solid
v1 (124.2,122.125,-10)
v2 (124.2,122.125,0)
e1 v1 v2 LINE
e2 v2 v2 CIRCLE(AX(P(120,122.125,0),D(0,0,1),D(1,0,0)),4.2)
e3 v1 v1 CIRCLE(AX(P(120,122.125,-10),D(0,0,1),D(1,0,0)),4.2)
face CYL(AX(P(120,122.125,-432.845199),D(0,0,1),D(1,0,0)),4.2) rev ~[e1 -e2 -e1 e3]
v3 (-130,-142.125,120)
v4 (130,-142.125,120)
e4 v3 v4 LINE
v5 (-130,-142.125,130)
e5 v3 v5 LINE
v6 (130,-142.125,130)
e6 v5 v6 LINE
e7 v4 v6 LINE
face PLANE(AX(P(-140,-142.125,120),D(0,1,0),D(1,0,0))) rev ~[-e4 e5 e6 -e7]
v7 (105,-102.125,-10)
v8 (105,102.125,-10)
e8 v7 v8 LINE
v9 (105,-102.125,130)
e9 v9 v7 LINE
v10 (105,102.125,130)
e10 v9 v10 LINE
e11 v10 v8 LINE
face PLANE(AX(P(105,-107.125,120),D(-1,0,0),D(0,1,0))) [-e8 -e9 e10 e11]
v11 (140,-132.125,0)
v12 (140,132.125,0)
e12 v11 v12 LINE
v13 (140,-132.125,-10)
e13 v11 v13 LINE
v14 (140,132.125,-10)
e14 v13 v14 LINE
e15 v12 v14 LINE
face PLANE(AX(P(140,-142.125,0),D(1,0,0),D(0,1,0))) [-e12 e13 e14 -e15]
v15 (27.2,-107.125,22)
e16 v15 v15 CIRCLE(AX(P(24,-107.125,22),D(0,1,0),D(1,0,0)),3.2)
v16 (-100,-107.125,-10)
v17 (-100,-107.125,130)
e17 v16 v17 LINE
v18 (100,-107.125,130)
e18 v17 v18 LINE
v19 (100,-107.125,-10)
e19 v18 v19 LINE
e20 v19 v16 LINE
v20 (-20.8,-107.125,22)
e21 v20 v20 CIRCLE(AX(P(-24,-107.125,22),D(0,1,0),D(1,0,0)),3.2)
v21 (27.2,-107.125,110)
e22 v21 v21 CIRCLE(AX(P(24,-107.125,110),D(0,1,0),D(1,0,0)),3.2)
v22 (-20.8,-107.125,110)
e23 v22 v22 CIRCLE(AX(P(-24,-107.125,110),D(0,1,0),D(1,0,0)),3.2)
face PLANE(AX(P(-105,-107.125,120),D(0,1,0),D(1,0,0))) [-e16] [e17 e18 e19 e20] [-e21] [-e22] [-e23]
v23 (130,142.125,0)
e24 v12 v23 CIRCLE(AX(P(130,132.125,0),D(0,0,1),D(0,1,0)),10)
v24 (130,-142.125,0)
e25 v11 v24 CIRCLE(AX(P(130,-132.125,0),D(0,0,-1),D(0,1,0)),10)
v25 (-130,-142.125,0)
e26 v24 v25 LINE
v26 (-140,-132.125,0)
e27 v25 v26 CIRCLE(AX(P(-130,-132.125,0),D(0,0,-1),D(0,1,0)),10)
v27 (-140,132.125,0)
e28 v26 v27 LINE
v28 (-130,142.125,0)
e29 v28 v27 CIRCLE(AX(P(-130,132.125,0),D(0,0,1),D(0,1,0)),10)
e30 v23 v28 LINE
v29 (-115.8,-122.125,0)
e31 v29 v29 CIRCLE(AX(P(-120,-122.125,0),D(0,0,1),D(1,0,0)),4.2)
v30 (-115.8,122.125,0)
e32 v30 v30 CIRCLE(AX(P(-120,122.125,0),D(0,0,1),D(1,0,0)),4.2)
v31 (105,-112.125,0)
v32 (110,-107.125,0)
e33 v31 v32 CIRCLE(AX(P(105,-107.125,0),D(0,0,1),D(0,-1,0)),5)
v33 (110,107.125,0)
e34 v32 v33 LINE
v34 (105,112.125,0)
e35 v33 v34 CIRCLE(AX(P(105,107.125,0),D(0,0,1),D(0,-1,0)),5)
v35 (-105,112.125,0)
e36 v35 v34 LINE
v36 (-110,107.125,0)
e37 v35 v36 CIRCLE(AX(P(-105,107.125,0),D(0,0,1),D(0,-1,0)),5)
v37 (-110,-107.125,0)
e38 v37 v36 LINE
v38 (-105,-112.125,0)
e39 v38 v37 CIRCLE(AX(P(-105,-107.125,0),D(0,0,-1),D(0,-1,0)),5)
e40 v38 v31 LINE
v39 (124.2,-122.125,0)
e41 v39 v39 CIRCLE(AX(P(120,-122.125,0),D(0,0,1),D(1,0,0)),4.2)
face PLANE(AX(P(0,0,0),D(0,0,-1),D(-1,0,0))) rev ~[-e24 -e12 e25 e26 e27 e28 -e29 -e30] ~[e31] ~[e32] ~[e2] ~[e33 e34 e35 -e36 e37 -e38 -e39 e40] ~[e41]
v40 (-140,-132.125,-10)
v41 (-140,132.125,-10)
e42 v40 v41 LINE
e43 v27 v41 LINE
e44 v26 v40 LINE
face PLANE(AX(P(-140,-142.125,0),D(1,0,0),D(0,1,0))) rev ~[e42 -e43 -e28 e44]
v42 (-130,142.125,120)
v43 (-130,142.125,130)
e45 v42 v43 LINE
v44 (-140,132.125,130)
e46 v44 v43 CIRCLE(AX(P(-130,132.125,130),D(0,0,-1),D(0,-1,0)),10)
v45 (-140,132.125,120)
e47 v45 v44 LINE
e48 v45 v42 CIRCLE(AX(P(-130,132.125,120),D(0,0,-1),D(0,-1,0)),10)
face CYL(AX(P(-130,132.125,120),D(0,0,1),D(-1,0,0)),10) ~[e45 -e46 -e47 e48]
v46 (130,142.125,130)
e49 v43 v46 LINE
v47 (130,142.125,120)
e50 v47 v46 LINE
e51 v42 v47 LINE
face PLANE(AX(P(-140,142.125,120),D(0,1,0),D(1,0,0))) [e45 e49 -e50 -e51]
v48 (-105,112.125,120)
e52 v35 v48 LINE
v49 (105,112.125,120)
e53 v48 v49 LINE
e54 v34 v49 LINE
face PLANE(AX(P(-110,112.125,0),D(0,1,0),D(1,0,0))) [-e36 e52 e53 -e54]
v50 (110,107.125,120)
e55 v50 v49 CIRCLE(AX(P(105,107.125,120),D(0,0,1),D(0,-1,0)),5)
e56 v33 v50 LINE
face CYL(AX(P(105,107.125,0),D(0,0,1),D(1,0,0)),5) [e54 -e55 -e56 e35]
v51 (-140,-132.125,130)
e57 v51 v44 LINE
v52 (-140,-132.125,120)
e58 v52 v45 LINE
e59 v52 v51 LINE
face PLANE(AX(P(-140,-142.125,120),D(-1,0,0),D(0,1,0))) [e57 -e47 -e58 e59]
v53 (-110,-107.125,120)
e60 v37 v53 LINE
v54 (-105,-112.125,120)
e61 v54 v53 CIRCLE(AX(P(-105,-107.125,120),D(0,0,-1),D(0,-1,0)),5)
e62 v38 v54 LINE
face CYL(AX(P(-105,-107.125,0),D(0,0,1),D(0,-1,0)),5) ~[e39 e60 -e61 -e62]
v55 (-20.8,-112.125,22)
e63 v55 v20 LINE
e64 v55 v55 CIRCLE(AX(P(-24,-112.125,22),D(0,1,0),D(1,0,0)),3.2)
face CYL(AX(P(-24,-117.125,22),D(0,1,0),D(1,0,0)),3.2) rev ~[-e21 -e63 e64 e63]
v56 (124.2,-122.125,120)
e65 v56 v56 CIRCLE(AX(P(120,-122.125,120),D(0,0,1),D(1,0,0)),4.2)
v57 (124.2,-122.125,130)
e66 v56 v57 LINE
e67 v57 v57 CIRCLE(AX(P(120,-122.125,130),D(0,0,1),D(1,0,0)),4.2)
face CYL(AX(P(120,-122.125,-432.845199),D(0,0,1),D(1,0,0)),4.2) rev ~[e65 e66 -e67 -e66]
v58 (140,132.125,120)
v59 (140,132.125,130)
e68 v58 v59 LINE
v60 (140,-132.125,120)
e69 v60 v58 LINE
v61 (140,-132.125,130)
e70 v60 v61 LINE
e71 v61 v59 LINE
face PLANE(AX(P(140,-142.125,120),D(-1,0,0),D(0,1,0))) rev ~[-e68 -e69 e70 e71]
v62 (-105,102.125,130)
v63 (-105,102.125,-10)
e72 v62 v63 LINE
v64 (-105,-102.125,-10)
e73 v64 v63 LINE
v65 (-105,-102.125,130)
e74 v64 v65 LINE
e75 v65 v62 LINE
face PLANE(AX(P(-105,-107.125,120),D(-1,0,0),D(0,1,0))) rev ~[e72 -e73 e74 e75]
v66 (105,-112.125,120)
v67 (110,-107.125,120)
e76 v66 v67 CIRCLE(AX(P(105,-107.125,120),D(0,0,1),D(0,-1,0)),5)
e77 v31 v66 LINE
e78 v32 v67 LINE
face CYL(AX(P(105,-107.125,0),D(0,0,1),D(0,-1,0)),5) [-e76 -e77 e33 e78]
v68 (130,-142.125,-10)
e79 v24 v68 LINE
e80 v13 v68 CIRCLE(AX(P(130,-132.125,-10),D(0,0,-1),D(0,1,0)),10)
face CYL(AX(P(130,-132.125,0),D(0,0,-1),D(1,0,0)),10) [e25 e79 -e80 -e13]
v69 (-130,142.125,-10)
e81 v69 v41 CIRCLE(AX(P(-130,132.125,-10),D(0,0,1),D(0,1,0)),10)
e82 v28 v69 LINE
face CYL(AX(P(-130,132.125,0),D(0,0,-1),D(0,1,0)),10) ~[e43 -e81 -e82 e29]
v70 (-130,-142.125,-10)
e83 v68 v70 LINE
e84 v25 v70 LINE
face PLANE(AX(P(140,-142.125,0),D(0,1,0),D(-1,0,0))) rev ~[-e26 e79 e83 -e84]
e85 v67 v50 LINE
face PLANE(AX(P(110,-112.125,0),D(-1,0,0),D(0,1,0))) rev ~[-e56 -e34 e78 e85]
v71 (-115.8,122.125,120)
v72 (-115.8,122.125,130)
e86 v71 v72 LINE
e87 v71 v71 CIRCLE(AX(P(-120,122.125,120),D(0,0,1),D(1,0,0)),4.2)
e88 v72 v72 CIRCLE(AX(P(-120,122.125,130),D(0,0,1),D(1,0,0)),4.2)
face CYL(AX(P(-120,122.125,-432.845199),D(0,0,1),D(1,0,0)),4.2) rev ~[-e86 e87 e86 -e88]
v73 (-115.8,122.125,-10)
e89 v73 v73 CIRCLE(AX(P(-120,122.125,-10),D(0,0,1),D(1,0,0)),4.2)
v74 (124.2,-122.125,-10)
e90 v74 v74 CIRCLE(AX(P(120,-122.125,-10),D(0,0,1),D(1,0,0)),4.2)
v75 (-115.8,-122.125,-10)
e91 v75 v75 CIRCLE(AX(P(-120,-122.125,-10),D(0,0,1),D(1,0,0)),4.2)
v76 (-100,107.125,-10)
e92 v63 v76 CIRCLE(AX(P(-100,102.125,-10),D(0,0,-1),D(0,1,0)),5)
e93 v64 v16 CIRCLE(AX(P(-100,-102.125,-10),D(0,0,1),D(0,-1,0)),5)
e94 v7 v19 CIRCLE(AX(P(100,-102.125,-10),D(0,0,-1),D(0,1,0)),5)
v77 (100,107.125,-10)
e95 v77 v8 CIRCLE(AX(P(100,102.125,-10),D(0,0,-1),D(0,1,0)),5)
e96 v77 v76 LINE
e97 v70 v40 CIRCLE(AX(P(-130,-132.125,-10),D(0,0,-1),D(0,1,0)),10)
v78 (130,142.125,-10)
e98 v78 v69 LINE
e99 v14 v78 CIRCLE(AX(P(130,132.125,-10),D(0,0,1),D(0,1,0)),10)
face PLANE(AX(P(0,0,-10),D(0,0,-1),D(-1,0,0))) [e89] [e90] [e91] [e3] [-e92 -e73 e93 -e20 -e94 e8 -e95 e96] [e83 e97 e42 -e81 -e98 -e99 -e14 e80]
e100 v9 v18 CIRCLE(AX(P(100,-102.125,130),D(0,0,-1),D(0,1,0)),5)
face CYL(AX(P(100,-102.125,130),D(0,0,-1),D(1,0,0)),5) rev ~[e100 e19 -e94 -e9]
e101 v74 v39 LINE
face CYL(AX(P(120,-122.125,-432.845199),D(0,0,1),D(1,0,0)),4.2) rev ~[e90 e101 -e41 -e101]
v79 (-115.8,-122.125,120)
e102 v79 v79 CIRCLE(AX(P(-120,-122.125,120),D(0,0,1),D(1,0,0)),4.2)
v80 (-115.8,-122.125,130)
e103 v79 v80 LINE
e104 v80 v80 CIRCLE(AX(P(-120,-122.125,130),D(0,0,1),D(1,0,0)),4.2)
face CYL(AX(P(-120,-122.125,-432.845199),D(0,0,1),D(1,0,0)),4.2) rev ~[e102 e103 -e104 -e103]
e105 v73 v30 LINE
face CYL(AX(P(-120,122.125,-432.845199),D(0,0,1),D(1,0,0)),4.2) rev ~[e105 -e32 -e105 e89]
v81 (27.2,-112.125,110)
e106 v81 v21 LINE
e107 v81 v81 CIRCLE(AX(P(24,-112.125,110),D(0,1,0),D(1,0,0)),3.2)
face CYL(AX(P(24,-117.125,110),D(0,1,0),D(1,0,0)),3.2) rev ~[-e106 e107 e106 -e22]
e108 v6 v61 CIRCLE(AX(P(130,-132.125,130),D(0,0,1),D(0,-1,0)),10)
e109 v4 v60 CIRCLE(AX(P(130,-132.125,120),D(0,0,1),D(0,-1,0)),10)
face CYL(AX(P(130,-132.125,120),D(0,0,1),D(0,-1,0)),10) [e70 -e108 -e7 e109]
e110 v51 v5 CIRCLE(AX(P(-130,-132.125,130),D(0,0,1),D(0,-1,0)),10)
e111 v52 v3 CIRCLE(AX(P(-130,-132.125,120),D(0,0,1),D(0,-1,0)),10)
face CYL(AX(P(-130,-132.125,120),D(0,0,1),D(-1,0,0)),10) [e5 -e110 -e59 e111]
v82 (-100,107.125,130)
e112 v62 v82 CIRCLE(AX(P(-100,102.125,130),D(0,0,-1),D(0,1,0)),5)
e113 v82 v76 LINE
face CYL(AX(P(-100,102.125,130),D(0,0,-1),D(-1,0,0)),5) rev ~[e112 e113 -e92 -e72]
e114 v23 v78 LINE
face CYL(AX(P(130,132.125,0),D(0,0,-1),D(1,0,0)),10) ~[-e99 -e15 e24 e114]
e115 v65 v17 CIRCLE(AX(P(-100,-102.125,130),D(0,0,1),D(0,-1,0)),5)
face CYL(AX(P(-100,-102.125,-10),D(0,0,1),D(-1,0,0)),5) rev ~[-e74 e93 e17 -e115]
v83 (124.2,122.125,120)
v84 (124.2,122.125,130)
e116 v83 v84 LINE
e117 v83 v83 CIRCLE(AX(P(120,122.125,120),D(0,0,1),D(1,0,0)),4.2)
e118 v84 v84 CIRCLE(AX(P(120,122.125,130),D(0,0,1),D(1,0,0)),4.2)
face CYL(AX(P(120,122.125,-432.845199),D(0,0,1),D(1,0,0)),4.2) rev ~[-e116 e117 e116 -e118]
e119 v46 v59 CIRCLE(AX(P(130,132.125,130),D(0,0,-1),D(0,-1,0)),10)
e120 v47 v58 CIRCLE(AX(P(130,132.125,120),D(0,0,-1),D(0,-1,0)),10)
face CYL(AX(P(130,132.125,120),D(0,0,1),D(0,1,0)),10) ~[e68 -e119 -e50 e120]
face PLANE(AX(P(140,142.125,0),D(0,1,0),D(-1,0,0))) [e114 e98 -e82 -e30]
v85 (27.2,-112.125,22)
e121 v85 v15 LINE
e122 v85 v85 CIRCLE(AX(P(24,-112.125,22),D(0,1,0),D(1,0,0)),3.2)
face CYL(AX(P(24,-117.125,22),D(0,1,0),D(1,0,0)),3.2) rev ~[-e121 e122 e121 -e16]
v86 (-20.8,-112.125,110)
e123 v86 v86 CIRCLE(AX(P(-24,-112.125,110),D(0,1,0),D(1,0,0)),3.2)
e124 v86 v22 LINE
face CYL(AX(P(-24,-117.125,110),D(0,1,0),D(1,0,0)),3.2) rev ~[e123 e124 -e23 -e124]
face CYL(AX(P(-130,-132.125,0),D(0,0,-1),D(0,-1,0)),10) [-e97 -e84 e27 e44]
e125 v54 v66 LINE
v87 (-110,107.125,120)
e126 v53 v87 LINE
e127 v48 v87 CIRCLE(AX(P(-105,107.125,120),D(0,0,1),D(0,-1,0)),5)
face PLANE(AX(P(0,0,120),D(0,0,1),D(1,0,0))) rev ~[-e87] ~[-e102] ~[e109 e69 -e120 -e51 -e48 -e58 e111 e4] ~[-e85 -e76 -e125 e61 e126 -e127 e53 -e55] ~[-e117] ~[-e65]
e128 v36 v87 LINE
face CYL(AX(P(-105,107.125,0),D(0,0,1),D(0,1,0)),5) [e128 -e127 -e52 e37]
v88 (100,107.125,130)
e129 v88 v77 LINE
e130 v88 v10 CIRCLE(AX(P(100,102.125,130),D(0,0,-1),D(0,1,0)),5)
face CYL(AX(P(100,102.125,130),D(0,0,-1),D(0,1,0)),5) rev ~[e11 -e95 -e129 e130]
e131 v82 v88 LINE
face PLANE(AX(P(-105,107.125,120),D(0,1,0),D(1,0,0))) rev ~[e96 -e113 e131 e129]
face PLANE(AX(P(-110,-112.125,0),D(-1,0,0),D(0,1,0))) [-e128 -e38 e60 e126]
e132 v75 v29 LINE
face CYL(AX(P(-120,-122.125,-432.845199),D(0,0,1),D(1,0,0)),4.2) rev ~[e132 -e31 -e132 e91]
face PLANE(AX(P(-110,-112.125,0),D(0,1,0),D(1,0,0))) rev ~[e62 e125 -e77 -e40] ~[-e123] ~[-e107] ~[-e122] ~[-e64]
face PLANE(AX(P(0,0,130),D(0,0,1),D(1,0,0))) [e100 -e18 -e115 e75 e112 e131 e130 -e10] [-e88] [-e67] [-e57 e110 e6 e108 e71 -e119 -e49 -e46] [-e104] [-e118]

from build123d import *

# Parameters (mm, degrees)
SKETCH_4_W                  = 220
SKETCH_4_H                  = 224.25
SKETCH_4_W_2                = 210
SKETCH_4_H_2                = 214.25
EXTRUDE_7_DEPTH             = 120
SKETCH_7_W                  = 280
SKETCH_7_H                  = 284.25
SKETCH_7_W_2                = 210
SKETCH_7_H_2                = 214.25
EXTRUDE_8_DEPTH             = 10
SKETCH_8_W                  = 280
SKETCH_8_H                  = 284.25
SKETCH_8_W_2                = 210
SKETCH_8_H_2                = 214.25
EXTRUDE_9_DEPTH             = 10
FILLET_5_R                  = 5
FILLET_6_R                  = 10
HOLE_WIZARD_8_4_8_4_1_D     = 8.4
HOLE_WIZARD_6_4_6_4_1_D     = 6.4
HOLE_WIZARD_6_4_6_4_1_DEPTH = 5


with BuildPart() as part:
    # 草图4 → 凸台-拉伸7 (new body)
    with BuildSketch(Plane.XY):
        Rectangle(SKETCH_4_W, SKETCH_4_H)
        Rectangle(SKETCH_4_W_2, SKETCH_4_H_2, mode=Mode.SUBTRACT)
    extrude(amount=EXTRUDE_7_DEPTH)

    # 草图7 → 凸台-拉伸8 (add)
    with BuildSketch(Plane(origin=(0, 0, 0), x_dir=(-1, 0, 0), z_dir=(0, 0, -1))):
        Rectangle(SKETCH_7_W, SKETCH_7_H)
        Rectangle(SKETCH_7_W_2, SKETCH_7_H_2, mode=Mode.SUBTRACT)
    extrude(amount=EXTRUDE_8_DEPTH)

    # 草图8 → 凸台-拉伸9 (add)
    with BuildSketch(Plane.XY.offset(120)):
        Rectangle(SKETCH_8_W, SKETCH_8_H)
        Rectangle(SKETCH_8_W_2, SKETCH_8_H_2, mode=Mode.SUBTRACT)
    extrude(amount=EXTRUDE_9_DEPTH)

    # 圆角5
    fillet_5_edges = [part.edges().sort_by_distance(p)[0] for p in [
        (105, -107.125, 60),
        (105, 107.125, 60),
        (-105, 107.125, 60),
        (-105, -107.125, 60),
        (110, -112.125, 60),
        (-110, -112.125, 60),
        (-110, 112.125, 60),
        (110, 112.125, 60),
    ]]
    fillet(fillet_5_edges, radius=FILLET_5_R)

    # 圆角6
    fillet_6_edges = [part.edges().sort_by_distance(p)[0] for p in [
        (140, 142.125, -5),
        (140, -142.125, -5),
        (-140, -142.125, -5),
        (-140, 142.125, -5),
        (-140, 142.125, 125),
        (-140, -142.125, 125),
        (140, -142.125, 125),
        (140, 142.125, 125),
    ]]
    fillet(fillet_6_edges, radius=FILLET_6_R)

    # Ø8.4 (8.4) 直径孔1 (through all)
    with Locations(Plane(origin=(0, 0, -10), x_dir=(-1, 0, 0), z_dir=(0, 0, -1))):
        with Locations((120, -122.125), (120, 122.125), (-120, 122.125), (-120, -122.125)):
            Hole(HOLE_WIZARD_8_4_8_4_1_D / 2)

    # Ø6.4 (6.4) 直径孔1
    with Locations(Plane(origin=(0, -112.125, 0), x_dir=(-1, 0, 0), z_dir=(0, -1, 0))):
        with Locations((24, -110), (-24, -110), (-24, -22), (24, -22)):
            Hole(HOLE_WIZARD_6_4_6_4_1_D / 2, depth=HOLE_WIZARD_6_4_6_4_1_DEPTH)


solid = part.part
